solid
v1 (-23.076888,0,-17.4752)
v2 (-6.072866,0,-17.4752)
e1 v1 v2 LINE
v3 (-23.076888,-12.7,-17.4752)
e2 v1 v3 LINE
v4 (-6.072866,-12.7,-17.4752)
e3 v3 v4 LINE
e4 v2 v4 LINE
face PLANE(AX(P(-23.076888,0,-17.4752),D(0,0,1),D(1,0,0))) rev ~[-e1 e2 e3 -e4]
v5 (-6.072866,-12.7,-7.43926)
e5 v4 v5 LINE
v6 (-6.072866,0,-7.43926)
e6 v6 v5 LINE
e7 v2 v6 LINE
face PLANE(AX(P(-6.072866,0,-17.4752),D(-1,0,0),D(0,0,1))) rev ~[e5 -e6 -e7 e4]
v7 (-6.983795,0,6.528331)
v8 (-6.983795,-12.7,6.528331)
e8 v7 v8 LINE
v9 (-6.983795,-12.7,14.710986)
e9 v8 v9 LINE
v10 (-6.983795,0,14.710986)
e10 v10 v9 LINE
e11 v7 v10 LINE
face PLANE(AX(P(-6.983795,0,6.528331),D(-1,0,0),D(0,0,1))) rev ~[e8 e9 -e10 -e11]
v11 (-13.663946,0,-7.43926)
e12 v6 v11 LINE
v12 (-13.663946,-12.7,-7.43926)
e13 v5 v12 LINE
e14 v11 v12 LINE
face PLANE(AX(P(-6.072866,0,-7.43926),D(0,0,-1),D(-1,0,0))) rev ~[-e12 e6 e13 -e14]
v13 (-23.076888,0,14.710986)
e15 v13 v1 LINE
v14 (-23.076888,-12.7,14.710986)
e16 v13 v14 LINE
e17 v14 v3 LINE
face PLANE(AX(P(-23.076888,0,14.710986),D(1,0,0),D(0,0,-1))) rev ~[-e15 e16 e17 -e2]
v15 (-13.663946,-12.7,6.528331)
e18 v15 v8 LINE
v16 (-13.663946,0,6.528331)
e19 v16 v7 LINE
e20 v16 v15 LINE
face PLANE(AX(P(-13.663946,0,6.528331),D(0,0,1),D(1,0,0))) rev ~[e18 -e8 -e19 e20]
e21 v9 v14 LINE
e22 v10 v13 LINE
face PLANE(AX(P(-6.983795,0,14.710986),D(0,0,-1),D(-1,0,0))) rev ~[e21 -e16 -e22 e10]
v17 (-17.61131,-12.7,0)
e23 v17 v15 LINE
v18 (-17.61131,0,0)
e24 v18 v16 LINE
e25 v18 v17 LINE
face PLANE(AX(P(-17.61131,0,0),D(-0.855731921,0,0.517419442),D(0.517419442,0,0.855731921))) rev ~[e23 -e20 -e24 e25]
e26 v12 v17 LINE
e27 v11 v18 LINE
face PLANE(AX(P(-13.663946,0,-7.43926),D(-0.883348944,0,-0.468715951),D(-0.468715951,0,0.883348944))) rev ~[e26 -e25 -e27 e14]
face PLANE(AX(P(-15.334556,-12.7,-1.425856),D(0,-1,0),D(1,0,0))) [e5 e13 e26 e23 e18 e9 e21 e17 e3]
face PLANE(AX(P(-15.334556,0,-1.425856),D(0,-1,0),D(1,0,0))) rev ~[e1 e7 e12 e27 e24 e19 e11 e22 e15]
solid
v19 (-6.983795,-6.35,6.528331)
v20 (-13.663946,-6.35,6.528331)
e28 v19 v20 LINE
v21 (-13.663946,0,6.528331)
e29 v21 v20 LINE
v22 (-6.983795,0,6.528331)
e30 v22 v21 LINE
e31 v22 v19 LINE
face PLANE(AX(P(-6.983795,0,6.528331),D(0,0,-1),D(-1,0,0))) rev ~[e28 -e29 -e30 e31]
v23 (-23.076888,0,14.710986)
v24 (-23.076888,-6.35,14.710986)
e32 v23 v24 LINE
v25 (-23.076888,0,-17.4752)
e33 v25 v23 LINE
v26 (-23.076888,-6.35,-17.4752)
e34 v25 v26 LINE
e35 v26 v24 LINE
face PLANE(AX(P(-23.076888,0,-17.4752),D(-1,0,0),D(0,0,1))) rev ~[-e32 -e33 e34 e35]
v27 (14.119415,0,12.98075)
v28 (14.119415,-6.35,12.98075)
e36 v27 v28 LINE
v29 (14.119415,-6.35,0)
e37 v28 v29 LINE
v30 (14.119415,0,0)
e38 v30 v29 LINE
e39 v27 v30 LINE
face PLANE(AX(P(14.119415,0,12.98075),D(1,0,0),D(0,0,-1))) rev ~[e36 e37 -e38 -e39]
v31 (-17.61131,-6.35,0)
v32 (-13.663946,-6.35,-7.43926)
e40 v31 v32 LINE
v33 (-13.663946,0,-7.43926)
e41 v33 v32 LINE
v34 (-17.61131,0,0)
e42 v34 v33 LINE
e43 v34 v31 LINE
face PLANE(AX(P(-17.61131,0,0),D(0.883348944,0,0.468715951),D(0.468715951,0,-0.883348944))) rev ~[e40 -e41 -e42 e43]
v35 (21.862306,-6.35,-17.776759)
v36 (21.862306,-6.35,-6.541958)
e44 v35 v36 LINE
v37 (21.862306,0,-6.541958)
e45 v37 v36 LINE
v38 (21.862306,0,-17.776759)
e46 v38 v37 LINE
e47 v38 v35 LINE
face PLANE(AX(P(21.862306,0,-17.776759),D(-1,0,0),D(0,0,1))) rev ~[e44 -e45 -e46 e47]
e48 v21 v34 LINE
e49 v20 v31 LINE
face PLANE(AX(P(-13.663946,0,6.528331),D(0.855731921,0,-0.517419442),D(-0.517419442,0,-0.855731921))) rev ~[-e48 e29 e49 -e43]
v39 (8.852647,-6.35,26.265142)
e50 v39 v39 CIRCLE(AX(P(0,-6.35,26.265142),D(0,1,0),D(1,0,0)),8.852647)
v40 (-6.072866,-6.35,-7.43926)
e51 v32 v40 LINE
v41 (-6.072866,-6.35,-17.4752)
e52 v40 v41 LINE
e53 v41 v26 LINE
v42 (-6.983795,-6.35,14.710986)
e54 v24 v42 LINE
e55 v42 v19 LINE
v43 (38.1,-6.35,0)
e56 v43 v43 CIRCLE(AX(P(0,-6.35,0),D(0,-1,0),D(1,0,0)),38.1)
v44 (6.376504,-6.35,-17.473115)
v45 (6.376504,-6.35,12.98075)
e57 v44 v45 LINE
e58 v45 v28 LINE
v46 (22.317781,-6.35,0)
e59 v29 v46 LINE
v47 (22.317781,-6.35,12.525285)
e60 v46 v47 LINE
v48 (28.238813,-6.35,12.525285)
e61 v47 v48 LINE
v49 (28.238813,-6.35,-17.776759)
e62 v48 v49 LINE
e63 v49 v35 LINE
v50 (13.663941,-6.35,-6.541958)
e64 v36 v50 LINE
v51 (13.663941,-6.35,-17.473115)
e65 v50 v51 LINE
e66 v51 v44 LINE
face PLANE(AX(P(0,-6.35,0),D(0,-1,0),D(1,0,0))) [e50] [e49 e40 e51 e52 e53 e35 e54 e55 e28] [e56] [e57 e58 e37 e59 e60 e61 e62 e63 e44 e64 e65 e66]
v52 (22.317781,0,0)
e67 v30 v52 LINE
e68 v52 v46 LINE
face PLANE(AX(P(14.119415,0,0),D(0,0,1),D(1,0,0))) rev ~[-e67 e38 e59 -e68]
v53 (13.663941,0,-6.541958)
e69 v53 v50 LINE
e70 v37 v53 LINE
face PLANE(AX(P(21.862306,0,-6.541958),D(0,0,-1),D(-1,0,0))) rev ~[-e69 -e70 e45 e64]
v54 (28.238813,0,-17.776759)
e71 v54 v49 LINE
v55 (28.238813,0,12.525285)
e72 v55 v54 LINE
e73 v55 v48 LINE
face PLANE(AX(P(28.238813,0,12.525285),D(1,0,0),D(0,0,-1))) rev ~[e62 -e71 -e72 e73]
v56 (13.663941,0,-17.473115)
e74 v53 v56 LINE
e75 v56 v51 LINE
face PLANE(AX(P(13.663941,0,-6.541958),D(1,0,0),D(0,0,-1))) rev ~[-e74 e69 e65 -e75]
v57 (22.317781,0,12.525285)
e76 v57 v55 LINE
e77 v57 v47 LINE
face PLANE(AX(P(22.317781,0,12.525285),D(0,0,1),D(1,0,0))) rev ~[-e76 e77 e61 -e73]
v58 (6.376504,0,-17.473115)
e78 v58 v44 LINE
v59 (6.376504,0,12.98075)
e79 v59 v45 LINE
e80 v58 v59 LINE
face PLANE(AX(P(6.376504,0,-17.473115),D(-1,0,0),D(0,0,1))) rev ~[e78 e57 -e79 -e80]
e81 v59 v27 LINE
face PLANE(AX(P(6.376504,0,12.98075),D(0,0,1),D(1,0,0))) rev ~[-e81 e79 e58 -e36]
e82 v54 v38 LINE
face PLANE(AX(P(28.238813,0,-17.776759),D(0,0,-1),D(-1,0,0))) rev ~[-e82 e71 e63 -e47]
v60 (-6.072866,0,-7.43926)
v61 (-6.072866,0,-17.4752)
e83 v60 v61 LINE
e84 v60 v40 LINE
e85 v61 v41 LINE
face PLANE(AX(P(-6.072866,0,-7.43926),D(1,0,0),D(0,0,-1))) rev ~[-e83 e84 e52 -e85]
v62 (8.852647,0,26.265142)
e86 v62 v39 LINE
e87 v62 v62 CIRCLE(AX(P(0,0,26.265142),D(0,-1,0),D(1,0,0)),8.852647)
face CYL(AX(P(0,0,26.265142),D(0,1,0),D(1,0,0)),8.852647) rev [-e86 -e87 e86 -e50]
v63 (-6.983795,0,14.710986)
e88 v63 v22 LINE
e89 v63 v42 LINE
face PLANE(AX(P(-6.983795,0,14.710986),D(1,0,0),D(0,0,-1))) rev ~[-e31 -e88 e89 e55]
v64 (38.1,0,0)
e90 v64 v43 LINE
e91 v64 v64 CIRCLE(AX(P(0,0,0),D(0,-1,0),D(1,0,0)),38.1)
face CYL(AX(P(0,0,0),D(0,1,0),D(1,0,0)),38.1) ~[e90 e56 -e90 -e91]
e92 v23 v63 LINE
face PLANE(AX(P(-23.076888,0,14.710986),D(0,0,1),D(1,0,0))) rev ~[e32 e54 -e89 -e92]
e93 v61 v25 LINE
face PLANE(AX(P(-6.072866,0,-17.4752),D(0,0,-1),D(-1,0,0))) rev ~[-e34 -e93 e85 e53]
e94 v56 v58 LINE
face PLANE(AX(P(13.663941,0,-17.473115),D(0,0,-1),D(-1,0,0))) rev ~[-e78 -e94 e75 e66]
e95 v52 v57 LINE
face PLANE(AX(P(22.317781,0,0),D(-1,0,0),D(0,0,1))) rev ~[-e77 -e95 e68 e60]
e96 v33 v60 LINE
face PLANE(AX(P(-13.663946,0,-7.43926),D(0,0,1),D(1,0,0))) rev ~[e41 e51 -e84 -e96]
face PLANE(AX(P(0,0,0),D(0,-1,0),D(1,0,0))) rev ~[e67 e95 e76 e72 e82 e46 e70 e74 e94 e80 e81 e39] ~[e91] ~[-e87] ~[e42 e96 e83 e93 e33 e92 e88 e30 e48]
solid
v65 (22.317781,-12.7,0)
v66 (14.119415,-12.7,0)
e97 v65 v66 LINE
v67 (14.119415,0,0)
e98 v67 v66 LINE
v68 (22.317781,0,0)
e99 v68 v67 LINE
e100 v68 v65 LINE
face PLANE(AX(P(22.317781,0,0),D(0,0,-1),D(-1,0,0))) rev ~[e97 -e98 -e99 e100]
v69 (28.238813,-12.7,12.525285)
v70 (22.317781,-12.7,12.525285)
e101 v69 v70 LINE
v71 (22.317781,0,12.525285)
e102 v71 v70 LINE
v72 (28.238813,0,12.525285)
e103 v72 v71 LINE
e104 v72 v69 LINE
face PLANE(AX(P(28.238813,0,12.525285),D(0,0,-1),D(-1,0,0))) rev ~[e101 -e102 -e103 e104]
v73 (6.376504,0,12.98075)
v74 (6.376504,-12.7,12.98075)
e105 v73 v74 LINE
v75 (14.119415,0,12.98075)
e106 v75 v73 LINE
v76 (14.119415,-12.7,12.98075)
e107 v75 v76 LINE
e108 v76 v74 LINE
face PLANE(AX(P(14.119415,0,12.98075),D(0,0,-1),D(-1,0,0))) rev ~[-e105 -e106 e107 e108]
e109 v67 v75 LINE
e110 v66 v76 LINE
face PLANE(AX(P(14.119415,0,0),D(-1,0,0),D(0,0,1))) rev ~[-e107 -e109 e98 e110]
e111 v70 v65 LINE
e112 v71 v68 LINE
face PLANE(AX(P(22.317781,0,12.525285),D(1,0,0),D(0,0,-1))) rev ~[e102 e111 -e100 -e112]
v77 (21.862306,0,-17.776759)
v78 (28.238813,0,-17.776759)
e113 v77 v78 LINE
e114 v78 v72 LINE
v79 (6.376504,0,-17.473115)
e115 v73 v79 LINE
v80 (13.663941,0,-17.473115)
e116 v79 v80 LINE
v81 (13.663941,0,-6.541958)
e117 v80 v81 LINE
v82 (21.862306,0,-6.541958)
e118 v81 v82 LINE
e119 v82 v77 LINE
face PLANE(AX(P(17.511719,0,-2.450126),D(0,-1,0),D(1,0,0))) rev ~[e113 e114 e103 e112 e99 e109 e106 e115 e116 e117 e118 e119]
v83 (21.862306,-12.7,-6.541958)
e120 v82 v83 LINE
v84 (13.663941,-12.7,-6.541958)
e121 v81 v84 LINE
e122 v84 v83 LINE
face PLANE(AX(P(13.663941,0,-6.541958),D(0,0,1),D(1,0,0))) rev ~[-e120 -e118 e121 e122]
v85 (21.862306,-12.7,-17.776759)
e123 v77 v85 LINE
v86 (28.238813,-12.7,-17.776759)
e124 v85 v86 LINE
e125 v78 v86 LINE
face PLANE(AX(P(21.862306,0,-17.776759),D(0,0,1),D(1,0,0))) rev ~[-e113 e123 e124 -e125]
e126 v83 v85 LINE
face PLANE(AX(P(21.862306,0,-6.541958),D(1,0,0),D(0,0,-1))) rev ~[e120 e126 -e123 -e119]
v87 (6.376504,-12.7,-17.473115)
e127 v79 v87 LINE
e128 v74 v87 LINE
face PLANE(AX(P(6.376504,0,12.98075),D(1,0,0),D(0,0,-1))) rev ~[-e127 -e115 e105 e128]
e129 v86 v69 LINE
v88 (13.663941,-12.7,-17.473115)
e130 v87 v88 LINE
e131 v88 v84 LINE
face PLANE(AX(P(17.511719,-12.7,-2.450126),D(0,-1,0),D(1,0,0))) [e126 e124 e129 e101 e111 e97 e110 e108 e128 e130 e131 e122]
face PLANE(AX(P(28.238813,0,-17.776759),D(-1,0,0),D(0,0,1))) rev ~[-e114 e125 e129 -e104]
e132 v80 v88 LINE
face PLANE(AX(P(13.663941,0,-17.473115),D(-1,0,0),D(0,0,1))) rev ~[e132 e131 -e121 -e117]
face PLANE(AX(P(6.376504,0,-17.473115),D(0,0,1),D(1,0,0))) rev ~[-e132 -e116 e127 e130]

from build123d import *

# Parameters (mm, degrees)
F1_DEPTH = 12.7
F0_R     = 38.1
F2_DEPTH = 6.35
F3_R     = 8.852647
F4_DEPTH = 25.4


with BuildPart() as f1:
    # F0 (on Front) → F1 (new body)
    with BuildSketch(Plane.XZ):
        Polygon((-6.983795, 6.528331), (-6.983795, 14.710986), (-23.076888, 14.710986), (-23.076888, -17.4752), (-6.072866, -17.4752), (-6.072866, -7.43926), (-13.663946, -7.43926), (-17.61131, 0), (-13.663946, 6.528331), align=None)
        Polygon((14.119415, 12.98075), (6.376504, 12.98075), (6.376504, -17.473115), (13.663941, -17.473115), (13.663941, -6.541958), (21.862306, -6.541958), (21.862306, -17.776759), (28.238813, -17.776759), (28.238813, 12.525285), (22.317781, 12.525285), (22.317781, 0), (14.119415, 0), align=None)
    extrude(amount=F1_DEPTH)


with BuildPart() as f2:
    # F0 (on Front) → F2 (new body)
    with BuildSketch(Plane.XZ):
        Circle(F0_R)
        Polygon((-23.076888, 14.710986), (-6.983795, 14.710986), (-6.983795, 6.528331), (-13.663946, 6.528331), (-17.61131, 0), (-13.663946, -7.43926), (-6.072866, -7.43926), (-6.072866, -17.4752), (-23.076888, -17.4752), align=None, mode=Mode.SUBTRACT)
        Polygon((6.376504, -17.473115), (6.376504, 12.98075), (14.119415, 12.98075), (14.119415, 0), (22.317781, 0), (22.317781, 12.525285), (28.238813, 12.525285), (28.238813, -17.776759), (21.862306, -17.776759), (21.862306, -6.541958), (13.663941, -6.541958), (13.663941, -17.473115), align=None, mode=Mode.SUBTRACT)
    extrude(amount=F2_DEPTH)

    # F3 (on Front) → F4 (cut)
    with BuildSketch(Plane.XZ):
        with Locations((0, 26.265142)):
            Circle(F3_R)
    extrude(amount=F4_DEPTH, mode=Mode.SUBTRACT)


solid = Compound([f1.part, f2.part])
